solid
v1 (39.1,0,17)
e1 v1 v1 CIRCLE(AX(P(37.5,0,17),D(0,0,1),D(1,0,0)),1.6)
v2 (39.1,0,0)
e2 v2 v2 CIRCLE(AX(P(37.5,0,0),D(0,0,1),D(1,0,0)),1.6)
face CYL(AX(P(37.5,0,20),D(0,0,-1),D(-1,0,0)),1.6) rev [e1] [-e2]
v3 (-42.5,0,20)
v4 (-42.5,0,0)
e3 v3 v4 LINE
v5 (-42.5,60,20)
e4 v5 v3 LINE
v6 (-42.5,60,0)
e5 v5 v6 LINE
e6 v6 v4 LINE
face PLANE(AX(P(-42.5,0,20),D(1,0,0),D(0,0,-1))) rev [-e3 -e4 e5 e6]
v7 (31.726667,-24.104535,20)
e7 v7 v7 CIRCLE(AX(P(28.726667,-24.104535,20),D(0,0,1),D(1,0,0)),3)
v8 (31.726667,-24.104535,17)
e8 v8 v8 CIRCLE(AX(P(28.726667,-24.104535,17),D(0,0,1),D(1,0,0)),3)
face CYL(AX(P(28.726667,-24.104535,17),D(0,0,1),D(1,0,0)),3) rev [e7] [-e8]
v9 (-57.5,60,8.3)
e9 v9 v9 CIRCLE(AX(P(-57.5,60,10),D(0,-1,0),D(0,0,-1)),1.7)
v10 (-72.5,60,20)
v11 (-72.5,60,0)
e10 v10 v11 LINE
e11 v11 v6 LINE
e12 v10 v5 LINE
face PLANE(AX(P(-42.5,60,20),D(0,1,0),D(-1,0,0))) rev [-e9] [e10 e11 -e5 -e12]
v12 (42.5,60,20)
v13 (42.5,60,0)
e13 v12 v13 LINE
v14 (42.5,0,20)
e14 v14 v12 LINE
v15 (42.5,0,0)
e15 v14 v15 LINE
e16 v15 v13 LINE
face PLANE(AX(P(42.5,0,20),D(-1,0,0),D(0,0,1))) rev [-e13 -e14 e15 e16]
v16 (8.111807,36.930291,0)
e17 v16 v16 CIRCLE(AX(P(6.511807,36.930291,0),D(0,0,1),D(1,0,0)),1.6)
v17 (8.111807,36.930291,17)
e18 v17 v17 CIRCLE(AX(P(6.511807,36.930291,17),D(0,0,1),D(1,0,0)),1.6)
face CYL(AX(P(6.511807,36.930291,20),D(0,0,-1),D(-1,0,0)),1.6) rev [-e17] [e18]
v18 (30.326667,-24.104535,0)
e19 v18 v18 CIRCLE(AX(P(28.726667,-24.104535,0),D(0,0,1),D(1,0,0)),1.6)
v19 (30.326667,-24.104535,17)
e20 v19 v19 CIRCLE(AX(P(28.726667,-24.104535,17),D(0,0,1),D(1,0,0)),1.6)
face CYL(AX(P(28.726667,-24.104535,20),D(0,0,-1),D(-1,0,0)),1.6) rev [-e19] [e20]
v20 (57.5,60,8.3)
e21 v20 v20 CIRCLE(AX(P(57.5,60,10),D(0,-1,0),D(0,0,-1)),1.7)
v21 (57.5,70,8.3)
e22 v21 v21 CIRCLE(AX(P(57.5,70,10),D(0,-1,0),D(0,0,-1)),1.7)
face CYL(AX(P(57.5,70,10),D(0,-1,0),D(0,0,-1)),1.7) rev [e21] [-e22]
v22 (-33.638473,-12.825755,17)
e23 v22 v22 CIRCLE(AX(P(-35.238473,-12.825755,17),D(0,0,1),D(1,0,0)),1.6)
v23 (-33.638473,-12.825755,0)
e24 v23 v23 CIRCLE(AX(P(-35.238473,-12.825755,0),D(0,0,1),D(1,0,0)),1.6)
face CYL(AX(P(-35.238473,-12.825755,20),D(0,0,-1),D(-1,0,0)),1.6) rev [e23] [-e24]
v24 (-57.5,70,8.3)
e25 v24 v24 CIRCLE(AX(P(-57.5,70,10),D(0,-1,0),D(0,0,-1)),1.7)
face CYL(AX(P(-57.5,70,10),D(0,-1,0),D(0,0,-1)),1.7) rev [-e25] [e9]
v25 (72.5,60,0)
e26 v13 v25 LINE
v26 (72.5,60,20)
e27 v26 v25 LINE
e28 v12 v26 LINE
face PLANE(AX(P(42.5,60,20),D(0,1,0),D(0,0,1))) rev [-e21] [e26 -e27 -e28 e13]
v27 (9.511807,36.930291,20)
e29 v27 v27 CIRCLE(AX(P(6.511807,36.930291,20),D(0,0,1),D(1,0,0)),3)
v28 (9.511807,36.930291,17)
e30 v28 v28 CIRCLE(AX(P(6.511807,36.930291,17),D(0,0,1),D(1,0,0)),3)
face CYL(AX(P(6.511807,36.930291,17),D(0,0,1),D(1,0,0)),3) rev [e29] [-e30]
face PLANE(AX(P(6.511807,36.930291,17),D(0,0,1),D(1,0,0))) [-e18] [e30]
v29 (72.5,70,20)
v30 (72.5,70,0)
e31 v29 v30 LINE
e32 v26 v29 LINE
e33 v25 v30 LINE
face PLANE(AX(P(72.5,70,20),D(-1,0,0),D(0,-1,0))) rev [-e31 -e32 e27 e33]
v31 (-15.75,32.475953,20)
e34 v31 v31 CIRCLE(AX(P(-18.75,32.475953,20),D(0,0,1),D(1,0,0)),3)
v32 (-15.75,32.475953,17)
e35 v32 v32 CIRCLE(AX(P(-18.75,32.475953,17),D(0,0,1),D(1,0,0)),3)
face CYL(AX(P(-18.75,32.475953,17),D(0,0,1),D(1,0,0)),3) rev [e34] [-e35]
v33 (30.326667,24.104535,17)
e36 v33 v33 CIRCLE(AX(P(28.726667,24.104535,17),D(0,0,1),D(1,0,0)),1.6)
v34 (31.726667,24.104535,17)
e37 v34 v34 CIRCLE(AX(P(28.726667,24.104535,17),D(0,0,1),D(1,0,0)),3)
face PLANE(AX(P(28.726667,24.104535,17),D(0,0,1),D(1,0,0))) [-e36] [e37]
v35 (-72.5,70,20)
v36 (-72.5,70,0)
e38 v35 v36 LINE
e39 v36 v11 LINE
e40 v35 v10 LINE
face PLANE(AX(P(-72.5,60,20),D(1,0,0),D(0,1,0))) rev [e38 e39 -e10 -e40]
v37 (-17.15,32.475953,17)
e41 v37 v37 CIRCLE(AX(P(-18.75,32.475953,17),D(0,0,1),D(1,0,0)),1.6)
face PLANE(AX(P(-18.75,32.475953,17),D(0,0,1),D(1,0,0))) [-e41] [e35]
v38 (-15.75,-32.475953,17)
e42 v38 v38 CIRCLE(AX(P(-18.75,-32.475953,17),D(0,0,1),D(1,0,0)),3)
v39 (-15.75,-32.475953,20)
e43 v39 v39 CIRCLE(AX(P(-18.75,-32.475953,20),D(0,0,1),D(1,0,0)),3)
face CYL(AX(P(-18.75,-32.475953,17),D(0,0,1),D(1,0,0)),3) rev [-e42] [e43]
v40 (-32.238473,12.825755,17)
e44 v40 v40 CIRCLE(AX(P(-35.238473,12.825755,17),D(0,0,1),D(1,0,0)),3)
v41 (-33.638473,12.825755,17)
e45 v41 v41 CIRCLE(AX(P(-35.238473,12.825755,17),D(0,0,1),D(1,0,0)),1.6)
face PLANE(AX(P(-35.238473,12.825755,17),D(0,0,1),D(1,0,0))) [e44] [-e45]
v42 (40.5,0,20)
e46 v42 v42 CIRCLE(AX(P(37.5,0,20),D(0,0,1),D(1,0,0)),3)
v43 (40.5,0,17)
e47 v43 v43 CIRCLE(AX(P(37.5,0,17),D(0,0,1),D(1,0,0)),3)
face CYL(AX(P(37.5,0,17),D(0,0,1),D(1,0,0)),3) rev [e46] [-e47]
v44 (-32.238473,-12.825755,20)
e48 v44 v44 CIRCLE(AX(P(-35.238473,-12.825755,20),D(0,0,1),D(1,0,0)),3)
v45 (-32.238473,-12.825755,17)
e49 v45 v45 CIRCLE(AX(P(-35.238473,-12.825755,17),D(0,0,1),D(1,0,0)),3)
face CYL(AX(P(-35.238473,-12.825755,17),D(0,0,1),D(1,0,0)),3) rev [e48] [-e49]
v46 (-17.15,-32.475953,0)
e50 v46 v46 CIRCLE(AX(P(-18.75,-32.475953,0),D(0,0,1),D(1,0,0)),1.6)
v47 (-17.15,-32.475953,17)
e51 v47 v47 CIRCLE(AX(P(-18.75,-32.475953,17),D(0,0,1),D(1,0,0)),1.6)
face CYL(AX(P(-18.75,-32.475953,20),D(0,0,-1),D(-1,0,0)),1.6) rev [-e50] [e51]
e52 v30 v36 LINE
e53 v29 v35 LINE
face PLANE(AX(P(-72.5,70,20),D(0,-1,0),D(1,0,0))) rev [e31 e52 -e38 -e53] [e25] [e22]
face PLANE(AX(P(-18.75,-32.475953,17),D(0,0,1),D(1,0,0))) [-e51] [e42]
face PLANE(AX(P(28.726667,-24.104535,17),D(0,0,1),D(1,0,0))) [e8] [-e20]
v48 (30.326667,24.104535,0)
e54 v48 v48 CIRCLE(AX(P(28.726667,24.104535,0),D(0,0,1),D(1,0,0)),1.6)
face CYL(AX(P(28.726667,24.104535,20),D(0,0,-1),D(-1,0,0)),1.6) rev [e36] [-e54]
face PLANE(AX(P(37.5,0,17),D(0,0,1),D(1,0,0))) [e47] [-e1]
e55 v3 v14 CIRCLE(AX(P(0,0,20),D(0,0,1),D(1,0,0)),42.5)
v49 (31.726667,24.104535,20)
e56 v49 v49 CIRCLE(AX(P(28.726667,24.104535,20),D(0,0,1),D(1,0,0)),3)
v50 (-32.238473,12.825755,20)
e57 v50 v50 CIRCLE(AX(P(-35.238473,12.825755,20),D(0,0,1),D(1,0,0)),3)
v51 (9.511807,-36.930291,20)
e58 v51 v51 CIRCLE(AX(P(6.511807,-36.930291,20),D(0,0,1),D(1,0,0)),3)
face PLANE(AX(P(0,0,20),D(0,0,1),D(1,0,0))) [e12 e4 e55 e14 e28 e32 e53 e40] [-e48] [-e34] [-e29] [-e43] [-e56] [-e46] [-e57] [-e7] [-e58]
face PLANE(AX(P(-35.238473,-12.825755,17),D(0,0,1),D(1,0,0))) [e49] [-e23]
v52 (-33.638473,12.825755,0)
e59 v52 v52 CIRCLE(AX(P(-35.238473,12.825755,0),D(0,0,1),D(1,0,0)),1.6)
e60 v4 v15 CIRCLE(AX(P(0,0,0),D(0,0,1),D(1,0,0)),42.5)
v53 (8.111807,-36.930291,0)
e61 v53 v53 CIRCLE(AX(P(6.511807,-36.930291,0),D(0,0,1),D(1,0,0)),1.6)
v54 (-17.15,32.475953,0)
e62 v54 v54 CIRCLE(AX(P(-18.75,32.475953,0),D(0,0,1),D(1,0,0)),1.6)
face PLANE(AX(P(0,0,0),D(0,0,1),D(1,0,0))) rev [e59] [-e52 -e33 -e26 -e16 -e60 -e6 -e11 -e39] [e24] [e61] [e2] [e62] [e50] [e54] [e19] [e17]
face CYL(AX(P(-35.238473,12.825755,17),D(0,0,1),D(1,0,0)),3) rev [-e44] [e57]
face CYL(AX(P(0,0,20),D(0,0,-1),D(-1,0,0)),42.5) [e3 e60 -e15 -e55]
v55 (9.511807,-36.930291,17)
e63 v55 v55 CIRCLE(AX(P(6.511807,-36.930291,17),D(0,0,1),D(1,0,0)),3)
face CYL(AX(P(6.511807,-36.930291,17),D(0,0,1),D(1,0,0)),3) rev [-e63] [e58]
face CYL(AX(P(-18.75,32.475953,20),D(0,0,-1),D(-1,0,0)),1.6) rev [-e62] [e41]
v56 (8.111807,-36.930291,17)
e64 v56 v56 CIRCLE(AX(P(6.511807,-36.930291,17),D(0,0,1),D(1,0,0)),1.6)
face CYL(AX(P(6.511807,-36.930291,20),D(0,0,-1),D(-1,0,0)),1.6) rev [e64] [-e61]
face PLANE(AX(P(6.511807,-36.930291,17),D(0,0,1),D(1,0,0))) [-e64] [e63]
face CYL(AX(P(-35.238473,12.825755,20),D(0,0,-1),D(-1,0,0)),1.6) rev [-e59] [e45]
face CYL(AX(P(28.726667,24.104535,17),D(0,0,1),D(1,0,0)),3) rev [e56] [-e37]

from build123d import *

# Parameters (mm, degrees)
SKETCH1_R           = 1.6
BOSS_EXTRUDE2_DEPTH = 20
SKETCH2_R           = 3
CUT_EXTRUDE1_DEPTH  = 3
SKETCH3_R           = 1.7
CUT_EXTRUDE2_DEPTH  = 128.131821351


with BuildPart() as part:
    # Sketch1 → Boss-Extrude2 (new body)
    with BuildSketch(Plane.XY):
        with BuildLine():
            Line((-42.5, 0), (-42.5, 60))
            Line((-42.5, 60), (-72.5, 60))
            Line((-72.5, 60), (-72.5, 70))
            Line((-72.5, 70), (72.5, 70))
            Line((72.5, 70), (72.5, 60))
            Line((72.5, 60), (42.5, 60))
            Line((42.5, 60), (42.5, 0))
            ThreePointArc((42.5, 0), (0, -42.5), (-42.5, 0))
        make_face()
        with Locations((37.5, 0)):
            Circle(SKETCH1_R, mode=Mode.SUBTRACT)
        with Locations((28.726666617, -24.104535363)):
            Circle(SKETCH1_R, mode=Mode.SUBTRACT)
        with Locations((6.511806663, -36.930290738)):
            Circle(SKETCH1_R, mode=Mode.SUBTRACT)
        with Locations((-18.75, -32.475952642)):
            Circle(SKETCH1_R, mode=Mode.SUBTRACT)
        with Locations((-35.238473279, -12.825755375)):
            Circle(SKETCH1_R, mode=Mode.SUBTRACT)
        with Locations((-35.238473279, 12.825755375)):
            Circle(SKETCH1_R, mode=Mode.SUBTRACT)
        with Locations((-18.75, 32.475952642)):
            Circle(SKETCH1_R, mode=Mode.SUBTRACT)
        with Locations((6.511806663, 36.930290738)):
            Circle(SKETCH1_R, mode=Mode.SUBTRACT)
        with Locations((28.726666617, 24.104535363)):
            Circle(SKETCH1_R, mode=Mode.SUBTRACT)
    extrude(amount=BOSS_EXTRUDE2_DEPTH)

    # Sketch2 → Cut-Extrude1 (cut)
    with BuildSketch(Plane.XY.offset(20)):
        with Locations((6.511806663, 36.930290738)):
            Circle(SKETCH2_R)
        with Locations((28.726666617, 24.104535363)):
            Circle(SKETCH2_R)
        with Locations((37.5, 0)):
            Circle(SKETCH2_R)
        with Locations((28.726666617, -24.104535363)):
            Circle(SKETCH2_R)
        with Locations((6.511806663, -36.930290738)):
            Circle(SKETCH2_R)
        with Locations((-18.75, -32.475952642)):
            Circle(SKETCH2_R)
        with Locations((-35.238473279, -12.825755375)):
            Circle(SKETCH2_R)
        with Locations((-35.238473279, 12.825755375)):
            Circle(SKETCH2_R)
        with Locations((-18.75, 32.475952642)):
            Circle(SKETCH2_R)
    extrude(amount=-CUT_EXTRUDE1_DEPTH, mode=Mode.SUBTRACT)

    # Sketch3 → Cut-Extrude2 (cut, through all)
    with BuildSketch(Plane.XZ.offset(-60)):
        with Locations(Location((57.5, 10, 0), (0, 0, 270))):
            Circle(SKETCH3_R)
        with Locations(Location((-57.5, 10, 0), (0, 0, 270))):
            Circle(SKETCH3_R)
    extrude(amount=-CUT_EXTRUDE2_DEPTH, mode=Mode.SUBTRACT)


solid = part.part
